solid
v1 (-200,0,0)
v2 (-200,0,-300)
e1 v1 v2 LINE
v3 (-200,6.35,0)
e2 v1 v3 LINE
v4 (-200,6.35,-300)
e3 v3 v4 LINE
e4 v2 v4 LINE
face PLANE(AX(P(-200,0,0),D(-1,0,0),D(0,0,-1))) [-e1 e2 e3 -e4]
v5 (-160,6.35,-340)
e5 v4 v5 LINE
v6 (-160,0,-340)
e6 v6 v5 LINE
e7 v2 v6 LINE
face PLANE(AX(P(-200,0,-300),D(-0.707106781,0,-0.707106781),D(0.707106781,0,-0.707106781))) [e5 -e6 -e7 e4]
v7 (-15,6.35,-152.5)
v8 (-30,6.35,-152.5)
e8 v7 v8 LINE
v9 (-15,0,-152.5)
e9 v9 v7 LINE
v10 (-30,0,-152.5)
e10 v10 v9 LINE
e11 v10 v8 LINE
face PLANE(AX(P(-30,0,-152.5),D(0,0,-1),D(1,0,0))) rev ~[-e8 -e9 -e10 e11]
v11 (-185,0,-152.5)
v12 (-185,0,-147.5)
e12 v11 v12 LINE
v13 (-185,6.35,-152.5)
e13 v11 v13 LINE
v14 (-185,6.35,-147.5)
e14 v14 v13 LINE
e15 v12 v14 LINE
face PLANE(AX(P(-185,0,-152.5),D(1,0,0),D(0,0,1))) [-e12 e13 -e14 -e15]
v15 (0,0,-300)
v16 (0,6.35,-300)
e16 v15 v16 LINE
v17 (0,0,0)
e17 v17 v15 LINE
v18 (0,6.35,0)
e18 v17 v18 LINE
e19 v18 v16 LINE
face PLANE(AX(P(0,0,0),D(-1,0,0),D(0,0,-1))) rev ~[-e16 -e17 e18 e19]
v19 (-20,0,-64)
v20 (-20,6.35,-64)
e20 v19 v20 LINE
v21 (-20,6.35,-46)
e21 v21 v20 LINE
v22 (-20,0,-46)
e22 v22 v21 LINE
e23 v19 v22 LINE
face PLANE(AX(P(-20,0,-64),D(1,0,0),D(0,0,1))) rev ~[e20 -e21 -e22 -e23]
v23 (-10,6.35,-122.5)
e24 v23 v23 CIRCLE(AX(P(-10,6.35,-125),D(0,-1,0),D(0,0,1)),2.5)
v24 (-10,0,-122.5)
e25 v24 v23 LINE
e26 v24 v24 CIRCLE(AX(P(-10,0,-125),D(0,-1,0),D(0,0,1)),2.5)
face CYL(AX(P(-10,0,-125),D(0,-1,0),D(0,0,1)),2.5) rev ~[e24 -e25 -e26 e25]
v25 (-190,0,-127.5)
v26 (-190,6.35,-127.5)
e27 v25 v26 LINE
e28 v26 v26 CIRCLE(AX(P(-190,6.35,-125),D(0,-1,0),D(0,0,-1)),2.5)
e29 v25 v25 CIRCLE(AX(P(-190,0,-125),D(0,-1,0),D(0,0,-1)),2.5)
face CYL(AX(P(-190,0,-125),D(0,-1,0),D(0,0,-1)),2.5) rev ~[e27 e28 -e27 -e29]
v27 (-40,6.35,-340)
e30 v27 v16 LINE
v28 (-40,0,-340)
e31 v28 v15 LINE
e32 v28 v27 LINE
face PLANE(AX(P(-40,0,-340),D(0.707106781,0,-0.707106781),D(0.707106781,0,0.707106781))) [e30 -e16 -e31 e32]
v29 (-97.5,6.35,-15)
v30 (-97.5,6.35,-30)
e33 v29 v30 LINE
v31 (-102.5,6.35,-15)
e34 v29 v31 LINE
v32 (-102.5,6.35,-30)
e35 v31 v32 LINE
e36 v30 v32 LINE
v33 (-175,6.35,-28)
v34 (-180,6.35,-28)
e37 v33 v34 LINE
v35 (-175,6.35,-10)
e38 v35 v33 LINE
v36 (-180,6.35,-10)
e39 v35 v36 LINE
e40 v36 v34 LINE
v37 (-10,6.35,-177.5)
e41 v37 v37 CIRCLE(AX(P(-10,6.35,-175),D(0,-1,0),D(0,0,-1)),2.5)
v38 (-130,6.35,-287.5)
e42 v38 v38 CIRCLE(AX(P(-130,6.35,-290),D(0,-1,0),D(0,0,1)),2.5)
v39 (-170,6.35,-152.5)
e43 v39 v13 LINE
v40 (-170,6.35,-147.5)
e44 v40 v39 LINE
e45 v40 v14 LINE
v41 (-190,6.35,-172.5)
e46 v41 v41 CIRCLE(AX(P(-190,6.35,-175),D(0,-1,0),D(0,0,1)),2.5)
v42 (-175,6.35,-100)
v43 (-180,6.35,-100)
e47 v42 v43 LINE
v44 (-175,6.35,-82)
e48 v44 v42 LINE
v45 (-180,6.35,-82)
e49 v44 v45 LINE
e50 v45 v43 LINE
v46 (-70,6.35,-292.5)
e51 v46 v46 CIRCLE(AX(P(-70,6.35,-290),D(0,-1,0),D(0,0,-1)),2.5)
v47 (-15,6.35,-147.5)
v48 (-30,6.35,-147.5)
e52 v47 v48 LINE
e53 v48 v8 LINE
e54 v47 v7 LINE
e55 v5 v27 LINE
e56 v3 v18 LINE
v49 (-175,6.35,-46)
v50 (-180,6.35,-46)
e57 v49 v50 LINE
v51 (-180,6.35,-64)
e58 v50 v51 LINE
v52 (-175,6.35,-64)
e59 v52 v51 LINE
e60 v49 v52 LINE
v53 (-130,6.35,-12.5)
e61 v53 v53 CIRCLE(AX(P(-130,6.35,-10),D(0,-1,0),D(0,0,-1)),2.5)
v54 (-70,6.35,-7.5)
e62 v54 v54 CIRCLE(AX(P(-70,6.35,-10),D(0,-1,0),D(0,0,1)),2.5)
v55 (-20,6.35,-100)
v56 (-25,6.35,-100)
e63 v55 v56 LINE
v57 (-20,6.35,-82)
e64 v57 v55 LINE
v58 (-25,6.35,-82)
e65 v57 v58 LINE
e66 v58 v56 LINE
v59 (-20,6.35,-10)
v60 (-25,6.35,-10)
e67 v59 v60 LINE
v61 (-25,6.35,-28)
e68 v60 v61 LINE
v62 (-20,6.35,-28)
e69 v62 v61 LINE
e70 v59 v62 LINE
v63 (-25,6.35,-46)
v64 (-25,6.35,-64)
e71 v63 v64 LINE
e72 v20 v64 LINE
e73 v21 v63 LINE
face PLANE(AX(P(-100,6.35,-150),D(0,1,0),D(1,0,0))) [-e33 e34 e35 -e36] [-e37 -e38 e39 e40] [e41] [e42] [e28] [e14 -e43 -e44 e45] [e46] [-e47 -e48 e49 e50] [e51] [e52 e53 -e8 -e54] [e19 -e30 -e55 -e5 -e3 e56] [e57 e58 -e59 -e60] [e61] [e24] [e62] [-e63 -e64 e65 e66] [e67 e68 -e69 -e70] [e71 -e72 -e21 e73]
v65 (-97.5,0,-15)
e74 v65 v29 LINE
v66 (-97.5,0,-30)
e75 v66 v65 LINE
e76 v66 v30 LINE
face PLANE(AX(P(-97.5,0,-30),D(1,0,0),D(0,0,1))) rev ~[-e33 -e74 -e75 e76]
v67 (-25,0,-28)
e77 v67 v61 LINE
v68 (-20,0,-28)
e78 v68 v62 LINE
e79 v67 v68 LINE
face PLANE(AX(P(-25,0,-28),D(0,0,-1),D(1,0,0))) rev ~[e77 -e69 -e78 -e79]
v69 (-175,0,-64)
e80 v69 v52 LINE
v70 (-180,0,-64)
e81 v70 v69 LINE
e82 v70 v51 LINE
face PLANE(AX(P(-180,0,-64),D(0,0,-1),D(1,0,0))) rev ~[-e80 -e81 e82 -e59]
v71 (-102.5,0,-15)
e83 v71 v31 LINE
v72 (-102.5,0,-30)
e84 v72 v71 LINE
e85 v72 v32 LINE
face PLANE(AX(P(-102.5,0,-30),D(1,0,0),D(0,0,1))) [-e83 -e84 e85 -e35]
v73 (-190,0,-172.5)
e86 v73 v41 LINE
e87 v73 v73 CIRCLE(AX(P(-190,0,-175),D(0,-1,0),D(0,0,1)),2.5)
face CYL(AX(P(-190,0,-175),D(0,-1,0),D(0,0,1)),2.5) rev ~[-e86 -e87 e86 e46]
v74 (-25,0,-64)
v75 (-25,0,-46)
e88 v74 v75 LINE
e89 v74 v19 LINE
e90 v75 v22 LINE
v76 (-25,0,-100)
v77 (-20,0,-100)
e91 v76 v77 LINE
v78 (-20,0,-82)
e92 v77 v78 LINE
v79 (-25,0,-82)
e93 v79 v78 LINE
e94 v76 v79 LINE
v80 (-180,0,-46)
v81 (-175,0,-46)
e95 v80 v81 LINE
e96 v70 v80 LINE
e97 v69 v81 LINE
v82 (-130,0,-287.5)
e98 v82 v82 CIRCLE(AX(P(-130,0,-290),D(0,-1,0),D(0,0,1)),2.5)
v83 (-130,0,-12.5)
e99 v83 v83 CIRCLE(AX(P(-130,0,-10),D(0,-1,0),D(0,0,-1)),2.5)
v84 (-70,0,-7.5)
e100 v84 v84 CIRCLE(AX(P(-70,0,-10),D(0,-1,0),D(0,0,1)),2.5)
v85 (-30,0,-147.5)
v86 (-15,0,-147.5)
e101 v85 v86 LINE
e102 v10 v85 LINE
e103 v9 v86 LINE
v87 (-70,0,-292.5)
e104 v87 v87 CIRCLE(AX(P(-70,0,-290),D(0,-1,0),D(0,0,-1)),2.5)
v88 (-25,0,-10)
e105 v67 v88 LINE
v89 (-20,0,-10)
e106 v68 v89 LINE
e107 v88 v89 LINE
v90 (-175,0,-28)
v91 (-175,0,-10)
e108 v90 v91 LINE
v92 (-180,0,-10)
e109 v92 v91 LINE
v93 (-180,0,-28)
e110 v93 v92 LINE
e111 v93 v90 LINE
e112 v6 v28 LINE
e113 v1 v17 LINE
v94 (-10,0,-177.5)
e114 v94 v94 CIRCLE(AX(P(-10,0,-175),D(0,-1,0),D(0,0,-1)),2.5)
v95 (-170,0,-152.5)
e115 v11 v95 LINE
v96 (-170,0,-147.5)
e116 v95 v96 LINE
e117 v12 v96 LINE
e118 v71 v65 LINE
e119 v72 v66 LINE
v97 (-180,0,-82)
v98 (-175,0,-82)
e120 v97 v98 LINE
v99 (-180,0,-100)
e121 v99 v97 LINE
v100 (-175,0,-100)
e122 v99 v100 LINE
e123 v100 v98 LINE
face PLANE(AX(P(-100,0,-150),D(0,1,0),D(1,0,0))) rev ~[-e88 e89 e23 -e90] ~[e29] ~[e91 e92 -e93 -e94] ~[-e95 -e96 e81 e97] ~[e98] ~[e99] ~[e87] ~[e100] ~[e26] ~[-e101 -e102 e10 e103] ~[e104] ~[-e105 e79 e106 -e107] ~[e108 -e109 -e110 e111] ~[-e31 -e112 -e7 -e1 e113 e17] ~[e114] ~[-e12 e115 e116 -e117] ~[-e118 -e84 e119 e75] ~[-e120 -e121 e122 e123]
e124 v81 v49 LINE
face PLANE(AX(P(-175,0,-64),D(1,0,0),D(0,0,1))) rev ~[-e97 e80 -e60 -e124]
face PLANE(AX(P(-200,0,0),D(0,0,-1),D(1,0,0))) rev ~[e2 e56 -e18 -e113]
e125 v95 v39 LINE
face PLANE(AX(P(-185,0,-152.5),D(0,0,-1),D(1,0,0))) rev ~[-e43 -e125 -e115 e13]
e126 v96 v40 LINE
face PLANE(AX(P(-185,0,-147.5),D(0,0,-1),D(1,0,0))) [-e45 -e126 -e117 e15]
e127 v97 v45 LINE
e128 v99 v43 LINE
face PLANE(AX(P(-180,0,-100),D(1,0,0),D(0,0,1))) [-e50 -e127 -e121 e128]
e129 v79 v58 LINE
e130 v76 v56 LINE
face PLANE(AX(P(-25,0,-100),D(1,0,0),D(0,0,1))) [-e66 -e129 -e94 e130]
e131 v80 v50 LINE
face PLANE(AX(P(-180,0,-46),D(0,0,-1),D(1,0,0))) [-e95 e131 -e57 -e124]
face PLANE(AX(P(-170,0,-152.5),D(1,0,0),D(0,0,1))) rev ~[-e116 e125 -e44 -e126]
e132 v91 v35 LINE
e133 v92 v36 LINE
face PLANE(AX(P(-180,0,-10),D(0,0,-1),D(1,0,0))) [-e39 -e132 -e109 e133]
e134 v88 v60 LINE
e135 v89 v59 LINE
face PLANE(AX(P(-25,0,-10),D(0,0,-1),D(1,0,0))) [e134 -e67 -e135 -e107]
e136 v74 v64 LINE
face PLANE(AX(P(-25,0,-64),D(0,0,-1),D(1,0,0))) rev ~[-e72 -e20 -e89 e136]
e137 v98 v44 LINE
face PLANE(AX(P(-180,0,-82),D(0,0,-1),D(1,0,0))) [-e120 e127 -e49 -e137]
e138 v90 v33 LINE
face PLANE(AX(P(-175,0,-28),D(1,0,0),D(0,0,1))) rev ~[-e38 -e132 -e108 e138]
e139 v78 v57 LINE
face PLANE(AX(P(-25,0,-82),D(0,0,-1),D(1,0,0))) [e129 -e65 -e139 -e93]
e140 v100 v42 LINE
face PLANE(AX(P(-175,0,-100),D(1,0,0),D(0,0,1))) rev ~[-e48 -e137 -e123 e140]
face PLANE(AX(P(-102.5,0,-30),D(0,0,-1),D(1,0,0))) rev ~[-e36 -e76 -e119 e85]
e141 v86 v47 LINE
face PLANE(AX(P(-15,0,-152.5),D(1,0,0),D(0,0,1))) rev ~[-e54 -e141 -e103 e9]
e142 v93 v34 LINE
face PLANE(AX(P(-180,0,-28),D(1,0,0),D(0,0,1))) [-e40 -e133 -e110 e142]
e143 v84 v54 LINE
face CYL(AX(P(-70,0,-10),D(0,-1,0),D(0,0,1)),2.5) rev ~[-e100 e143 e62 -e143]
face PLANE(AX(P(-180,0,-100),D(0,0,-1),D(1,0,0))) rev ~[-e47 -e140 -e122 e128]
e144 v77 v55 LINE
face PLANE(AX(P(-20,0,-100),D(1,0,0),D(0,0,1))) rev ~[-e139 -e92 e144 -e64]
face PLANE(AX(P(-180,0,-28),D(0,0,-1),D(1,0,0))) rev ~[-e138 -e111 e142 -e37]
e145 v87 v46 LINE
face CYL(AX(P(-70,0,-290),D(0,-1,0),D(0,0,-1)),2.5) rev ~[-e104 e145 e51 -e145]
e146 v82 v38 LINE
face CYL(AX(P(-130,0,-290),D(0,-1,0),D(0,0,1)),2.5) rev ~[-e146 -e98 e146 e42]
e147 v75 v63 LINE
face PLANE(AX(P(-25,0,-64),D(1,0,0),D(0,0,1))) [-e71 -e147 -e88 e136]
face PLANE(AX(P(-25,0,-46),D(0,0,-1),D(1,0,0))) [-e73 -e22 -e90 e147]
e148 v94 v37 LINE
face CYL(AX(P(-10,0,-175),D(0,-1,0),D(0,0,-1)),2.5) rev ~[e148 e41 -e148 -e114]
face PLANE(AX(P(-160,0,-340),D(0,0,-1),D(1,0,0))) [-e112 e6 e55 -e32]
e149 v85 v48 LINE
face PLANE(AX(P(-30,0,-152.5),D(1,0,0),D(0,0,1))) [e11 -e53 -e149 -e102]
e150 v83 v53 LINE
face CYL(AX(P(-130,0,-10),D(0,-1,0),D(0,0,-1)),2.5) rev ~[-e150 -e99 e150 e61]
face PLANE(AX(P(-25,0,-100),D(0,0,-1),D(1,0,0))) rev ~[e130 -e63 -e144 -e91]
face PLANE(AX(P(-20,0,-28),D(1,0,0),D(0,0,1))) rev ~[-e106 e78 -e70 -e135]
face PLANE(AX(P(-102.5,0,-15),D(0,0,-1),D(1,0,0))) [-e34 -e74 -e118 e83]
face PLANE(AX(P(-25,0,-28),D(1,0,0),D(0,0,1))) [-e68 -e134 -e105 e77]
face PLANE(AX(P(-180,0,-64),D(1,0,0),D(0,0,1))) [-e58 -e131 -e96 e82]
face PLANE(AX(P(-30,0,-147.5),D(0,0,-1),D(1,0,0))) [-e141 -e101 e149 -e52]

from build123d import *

# Parameters (mm, degrees)
BOSS_EXTRUDE1_DEPTH = 6.35
SKETCH2_R           = 2.5
SKETCH2_W           = 5
SKETCH2_H           = 15
SKETCH2_W_2         = 15
SKETCH2_H_2         = 5
CUT_EXTRUDE1_DEPTH  = 10
SKETCH3_W           = 5
SKETCH3_H           = 18
CUT_EXTRUDE2_DEPTH  = 10


with BuildPart() as part:
    # Sketch1 → Boss-Extrude1 (new body)
    with BuildSketch(Plane(origin=(0, 0, 0), x_dir=(1, 0, 0), z_dir=(0, 1, 0))):
        Polygon((-160, 340), (-200, 300), (-200, 0), (0, 0), (0, 300), (-40, 340), align=None)
    extrude(amount=BOSS_EXTRUDE1_DEPTH)

    # Sketch2 → Cut-Extrude1 (cut)
    with BuildSketch(Plane.XZ):
        with Locations((-190, -125)):
            Circle(SKETCH2_R)
        with Locations((-130, -10)):
            Circle(SKETCH2_R)
        with Locations((-70, -10)):
            Circle(SKETCH2_R)
        with Locations((-10, -125)):
            Circle(SKETCH2_R)
        with Locations((-70, -290)):
            Circle(SKETCH2_R)
        with Locations((-10, -175)):
            Circle(SKETCH2_R)
        with Locations((-130, -290)):
            Circle(SKETCH2_R)
        with Locations((-190, -175)):
            Circle(SKETCH2_R)
        with Locations((-100, -22.5)):
            Rectangle(SKETCH2_W, SKETCH2_H)
        with Locations((-177.5, -150)):
            Rectangle(SKETCH2_W_2, SKETCH2_H_2)
        with Locations((-22.5, -150)):
            Rectangle(SKETCH2_W_2, SKETCH2_H_2)
    extrude(amount=-CUT_EXTRUDE1_DEPTH, mode=Mode.SUBTRACT)

    # Sketch3 → Cut-Extrude2 (cut)
    with BuildSketch(Plane.XZ):
        with Locations((-177.5, -19)):
            Rectangle(SKETCH3_W, SKETCH3_H)
        with Locations((-177.5, -55)):
            Rectangle(SKETCH3_W, SKETCH3_H)
        with Locations((-177.5, -91)):
            Rectangle(SKETCH3_W, SKETCH3_H)
        with Locations((-22.5, -19)):
            Rectangle(SKETCH3_W, SKETCH3_H)
        with Locations((-22.5, -55)):
            Rectangle(SKETCH3_W, SKETCH3_H)
        with Locations((-22.5, -91)):
            Rectangle(SKETCH3_W, SKETCH3_H)
    extrude(amount=-CUT_EXTRUDE2_DEPTH, mode=Mode.SUBTRACT)


solid = part.part
